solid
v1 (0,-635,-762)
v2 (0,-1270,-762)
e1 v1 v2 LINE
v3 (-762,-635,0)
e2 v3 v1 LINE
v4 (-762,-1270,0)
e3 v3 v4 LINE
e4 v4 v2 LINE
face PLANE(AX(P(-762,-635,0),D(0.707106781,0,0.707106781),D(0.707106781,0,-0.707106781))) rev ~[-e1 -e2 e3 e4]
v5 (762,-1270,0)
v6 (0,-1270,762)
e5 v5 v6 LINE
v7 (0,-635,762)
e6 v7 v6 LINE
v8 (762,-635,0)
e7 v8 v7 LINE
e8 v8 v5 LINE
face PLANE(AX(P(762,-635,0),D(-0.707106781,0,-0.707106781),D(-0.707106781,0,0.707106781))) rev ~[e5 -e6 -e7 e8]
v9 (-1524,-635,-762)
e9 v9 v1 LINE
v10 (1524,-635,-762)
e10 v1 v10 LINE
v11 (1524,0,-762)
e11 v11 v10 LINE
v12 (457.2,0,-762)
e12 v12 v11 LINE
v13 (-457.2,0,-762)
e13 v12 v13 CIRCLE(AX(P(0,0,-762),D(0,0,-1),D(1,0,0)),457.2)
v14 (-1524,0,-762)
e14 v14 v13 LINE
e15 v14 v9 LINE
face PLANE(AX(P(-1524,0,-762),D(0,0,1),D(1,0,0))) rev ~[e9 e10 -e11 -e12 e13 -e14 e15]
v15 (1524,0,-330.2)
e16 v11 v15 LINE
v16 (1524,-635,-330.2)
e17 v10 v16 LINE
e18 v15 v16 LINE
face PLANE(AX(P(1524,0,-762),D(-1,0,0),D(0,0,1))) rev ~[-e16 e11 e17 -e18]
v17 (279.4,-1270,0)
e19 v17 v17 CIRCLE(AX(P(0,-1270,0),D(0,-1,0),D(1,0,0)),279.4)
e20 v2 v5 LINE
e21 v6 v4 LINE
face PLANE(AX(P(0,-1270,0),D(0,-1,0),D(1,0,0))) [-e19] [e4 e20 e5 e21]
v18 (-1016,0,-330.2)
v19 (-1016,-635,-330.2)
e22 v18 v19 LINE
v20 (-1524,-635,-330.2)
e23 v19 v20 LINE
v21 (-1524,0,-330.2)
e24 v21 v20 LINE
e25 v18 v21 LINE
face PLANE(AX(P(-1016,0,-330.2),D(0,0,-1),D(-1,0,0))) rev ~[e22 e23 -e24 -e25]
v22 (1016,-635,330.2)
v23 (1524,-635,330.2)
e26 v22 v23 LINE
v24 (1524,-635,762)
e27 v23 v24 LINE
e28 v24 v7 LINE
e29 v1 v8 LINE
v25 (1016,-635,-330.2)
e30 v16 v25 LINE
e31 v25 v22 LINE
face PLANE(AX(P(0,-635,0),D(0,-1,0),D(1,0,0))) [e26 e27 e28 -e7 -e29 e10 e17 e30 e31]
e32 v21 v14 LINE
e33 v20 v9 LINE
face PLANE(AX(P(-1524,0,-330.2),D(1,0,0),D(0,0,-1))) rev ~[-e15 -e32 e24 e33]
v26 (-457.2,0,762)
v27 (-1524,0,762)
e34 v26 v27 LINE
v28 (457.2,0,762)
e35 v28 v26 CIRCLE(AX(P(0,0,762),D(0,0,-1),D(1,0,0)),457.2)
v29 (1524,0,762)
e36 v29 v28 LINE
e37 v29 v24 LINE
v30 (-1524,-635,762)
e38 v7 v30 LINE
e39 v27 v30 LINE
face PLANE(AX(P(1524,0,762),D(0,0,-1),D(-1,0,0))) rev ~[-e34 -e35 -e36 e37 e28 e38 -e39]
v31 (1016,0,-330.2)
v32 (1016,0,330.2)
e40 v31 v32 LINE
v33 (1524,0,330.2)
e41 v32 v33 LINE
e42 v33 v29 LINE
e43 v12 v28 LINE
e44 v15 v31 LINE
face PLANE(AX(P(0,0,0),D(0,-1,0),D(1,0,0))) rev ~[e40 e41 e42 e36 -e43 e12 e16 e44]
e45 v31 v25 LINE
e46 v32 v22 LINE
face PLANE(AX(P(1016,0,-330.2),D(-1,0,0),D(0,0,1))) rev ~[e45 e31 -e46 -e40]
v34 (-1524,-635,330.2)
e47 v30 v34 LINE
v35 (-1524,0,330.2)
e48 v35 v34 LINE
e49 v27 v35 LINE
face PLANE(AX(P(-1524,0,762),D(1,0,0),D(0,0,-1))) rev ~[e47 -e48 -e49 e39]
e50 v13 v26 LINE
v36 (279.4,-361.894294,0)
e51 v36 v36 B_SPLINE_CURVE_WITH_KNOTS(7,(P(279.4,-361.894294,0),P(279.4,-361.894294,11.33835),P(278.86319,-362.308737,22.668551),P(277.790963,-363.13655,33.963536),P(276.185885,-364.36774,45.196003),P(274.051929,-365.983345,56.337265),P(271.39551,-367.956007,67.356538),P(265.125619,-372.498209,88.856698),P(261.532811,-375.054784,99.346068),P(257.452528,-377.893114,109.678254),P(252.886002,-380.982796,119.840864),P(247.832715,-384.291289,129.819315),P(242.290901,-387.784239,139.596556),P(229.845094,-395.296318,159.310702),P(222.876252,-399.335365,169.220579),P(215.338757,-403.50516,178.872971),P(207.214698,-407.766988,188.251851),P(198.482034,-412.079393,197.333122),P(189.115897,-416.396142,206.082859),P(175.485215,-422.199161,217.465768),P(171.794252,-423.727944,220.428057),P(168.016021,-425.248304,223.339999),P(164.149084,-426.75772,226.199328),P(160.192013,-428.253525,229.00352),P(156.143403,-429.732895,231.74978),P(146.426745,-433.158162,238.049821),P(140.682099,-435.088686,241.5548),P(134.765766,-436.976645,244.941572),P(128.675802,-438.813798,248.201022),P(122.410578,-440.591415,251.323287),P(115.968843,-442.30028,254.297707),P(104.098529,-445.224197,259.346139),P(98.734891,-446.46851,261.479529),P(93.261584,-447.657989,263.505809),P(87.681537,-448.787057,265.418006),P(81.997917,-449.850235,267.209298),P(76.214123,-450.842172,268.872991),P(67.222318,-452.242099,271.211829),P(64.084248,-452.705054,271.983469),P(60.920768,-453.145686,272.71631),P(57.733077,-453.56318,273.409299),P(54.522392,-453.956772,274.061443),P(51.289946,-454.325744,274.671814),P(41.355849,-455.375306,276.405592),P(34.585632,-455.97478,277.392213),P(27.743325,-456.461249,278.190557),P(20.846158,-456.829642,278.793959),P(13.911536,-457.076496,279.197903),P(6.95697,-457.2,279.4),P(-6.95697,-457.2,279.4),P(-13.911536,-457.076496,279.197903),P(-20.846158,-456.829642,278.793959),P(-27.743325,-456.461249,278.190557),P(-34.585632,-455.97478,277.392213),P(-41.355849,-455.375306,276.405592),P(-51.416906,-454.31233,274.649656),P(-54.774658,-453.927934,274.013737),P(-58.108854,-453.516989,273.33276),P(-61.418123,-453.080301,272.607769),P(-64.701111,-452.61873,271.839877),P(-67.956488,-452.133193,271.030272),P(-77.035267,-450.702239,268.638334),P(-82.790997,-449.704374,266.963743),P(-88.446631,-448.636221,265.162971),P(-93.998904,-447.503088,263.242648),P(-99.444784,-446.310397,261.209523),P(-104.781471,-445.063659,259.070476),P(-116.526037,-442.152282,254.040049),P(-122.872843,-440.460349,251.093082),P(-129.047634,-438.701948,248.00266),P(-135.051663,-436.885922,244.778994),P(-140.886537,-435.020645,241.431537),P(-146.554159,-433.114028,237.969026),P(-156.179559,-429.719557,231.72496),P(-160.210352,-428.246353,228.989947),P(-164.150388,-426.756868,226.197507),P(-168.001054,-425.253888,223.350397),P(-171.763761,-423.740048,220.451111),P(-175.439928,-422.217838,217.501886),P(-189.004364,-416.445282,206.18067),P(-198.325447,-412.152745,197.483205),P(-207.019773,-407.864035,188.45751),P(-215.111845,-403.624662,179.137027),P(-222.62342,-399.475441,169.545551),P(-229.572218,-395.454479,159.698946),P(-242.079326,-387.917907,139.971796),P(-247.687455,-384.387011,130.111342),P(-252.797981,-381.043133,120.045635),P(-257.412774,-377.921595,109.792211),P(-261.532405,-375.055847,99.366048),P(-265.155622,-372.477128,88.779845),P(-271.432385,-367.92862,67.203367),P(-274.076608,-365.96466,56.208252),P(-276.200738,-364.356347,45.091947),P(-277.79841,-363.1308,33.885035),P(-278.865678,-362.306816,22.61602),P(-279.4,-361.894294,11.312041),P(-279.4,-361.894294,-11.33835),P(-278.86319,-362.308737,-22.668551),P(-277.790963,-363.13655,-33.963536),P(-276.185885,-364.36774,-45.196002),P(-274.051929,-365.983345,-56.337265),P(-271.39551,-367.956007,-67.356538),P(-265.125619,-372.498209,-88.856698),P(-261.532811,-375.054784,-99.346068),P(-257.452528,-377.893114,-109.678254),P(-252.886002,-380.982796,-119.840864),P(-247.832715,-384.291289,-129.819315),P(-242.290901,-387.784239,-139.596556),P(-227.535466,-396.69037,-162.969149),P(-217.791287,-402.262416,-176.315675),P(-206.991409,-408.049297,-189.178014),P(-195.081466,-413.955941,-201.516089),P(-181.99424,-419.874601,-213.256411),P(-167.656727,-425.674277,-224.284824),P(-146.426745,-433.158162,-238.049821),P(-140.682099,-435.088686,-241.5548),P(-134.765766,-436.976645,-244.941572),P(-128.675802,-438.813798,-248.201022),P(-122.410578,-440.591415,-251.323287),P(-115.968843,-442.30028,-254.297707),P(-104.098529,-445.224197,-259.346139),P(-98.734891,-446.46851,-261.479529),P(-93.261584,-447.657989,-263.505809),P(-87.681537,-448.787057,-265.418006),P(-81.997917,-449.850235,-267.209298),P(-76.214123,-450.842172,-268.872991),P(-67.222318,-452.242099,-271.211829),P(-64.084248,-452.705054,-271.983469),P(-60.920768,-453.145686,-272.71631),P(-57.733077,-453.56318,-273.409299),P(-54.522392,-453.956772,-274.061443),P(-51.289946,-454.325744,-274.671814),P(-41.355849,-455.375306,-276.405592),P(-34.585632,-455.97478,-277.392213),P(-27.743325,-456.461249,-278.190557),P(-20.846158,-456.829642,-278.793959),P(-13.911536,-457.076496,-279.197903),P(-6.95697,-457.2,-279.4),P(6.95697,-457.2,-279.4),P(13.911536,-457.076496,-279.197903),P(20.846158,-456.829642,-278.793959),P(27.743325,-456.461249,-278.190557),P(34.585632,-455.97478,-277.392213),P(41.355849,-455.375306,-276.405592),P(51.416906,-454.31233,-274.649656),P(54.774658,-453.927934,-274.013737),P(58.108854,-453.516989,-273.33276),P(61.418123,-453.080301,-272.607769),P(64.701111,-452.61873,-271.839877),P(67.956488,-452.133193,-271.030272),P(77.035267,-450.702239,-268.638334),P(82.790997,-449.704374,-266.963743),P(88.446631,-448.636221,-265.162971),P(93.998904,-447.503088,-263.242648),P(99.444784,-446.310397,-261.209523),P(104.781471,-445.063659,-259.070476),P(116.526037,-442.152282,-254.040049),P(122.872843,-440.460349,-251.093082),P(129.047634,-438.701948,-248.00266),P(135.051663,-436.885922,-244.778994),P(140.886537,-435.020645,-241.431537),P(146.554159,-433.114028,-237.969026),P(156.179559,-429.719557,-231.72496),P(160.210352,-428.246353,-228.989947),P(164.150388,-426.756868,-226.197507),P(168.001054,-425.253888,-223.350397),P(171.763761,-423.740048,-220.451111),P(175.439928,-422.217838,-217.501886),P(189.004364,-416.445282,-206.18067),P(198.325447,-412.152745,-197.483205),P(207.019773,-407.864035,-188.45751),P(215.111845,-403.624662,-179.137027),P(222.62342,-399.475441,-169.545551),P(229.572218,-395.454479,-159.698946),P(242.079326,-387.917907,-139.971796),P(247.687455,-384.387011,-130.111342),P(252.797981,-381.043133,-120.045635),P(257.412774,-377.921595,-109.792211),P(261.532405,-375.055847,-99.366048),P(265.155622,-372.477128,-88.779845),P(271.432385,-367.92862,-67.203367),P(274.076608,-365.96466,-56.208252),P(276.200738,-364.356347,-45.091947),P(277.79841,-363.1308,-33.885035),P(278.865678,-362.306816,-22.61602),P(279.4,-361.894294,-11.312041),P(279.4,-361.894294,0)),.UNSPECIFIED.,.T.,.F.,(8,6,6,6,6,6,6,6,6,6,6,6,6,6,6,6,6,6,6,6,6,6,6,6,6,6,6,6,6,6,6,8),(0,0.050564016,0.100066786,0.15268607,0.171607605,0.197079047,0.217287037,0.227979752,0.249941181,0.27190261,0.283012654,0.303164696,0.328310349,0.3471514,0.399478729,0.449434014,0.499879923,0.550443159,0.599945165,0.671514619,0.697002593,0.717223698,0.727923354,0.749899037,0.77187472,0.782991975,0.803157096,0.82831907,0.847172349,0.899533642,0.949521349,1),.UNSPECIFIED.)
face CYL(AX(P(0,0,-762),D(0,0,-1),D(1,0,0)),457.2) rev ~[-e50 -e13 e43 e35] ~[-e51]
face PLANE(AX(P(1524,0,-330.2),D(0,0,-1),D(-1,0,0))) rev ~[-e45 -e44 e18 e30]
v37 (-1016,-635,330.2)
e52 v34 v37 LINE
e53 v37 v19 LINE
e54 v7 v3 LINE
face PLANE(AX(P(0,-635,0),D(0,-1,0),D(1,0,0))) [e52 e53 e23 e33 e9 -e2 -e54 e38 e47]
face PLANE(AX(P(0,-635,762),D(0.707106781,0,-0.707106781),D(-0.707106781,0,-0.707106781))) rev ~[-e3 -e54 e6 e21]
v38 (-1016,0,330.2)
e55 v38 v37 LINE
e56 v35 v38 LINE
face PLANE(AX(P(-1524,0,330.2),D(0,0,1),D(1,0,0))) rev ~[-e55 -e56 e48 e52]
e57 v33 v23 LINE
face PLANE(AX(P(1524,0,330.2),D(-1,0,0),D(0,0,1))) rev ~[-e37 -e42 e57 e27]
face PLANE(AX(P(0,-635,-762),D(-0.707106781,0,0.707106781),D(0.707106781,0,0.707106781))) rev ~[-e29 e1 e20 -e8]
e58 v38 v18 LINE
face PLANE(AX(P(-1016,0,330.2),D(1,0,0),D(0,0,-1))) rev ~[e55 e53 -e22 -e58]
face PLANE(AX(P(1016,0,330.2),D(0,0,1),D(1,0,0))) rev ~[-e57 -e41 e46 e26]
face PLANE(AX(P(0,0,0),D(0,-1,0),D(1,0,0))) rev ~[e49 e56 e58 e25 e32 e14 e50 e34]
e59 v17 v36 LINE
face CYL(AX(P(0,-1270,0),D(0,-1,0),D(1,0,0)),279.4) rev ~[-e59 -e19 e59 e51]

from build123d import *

# Parameters (mm, degrees)
F1_DEPTH = 635
F3_DEPTH = 1524.001
F5_DEPTH = 635
F6_R     = 279.4
F7_DEPTH = 1270.001


with BuildPart() as f1:
    # F0 (on Front) → F1 (new body)
    with BuildSketch(Plane.XZ):
        Polygon((-1524, -762), (1524, -762), (1524, -330.2), (1016, -330.2), (1016, 330.2), (1524, 330.2), (1524, 762), (-1524, 762), (-1524, 330.2), (-1016, 330.2), (-1016, -330.2), (-1524, -330.2), align=None)
    extrude(amount=F1_DEPTH)

    # F2 (on face) → F3 (cut, through all)
    with BuildSketch(Plane(origin=(0, 0, -762), x_dir=(1, 0, 0), z_dir=(0, 0, -1))):
        with BuildLine():
            Line((-457.2, 0), (457.2, 0))
            ThreePointArc((457.2, 0), (0, 457.2), (-457.2, 0))
        make_face()
    extrude(amount=-F3_DEPTH, mode=Mode.SUBTRACT)

    # F4 (on face) → F5 (join)
    with BuildSketch(Plane.XZ.offset(635)):
        Polygon((762, 0), (0, 762), (-762, 0), (0, -762), align=None)
    extrude(amount=F5_DEPTH)

    # F6 (on face) → F7 (cut, through all)
    with BuildSketch(Plane.XZ.offset(1270)):
        Circle(F6_R)
    extrude(amount=-F7_DEPTH, mode=Mode.SUBTRACT)


solid = f1.part
